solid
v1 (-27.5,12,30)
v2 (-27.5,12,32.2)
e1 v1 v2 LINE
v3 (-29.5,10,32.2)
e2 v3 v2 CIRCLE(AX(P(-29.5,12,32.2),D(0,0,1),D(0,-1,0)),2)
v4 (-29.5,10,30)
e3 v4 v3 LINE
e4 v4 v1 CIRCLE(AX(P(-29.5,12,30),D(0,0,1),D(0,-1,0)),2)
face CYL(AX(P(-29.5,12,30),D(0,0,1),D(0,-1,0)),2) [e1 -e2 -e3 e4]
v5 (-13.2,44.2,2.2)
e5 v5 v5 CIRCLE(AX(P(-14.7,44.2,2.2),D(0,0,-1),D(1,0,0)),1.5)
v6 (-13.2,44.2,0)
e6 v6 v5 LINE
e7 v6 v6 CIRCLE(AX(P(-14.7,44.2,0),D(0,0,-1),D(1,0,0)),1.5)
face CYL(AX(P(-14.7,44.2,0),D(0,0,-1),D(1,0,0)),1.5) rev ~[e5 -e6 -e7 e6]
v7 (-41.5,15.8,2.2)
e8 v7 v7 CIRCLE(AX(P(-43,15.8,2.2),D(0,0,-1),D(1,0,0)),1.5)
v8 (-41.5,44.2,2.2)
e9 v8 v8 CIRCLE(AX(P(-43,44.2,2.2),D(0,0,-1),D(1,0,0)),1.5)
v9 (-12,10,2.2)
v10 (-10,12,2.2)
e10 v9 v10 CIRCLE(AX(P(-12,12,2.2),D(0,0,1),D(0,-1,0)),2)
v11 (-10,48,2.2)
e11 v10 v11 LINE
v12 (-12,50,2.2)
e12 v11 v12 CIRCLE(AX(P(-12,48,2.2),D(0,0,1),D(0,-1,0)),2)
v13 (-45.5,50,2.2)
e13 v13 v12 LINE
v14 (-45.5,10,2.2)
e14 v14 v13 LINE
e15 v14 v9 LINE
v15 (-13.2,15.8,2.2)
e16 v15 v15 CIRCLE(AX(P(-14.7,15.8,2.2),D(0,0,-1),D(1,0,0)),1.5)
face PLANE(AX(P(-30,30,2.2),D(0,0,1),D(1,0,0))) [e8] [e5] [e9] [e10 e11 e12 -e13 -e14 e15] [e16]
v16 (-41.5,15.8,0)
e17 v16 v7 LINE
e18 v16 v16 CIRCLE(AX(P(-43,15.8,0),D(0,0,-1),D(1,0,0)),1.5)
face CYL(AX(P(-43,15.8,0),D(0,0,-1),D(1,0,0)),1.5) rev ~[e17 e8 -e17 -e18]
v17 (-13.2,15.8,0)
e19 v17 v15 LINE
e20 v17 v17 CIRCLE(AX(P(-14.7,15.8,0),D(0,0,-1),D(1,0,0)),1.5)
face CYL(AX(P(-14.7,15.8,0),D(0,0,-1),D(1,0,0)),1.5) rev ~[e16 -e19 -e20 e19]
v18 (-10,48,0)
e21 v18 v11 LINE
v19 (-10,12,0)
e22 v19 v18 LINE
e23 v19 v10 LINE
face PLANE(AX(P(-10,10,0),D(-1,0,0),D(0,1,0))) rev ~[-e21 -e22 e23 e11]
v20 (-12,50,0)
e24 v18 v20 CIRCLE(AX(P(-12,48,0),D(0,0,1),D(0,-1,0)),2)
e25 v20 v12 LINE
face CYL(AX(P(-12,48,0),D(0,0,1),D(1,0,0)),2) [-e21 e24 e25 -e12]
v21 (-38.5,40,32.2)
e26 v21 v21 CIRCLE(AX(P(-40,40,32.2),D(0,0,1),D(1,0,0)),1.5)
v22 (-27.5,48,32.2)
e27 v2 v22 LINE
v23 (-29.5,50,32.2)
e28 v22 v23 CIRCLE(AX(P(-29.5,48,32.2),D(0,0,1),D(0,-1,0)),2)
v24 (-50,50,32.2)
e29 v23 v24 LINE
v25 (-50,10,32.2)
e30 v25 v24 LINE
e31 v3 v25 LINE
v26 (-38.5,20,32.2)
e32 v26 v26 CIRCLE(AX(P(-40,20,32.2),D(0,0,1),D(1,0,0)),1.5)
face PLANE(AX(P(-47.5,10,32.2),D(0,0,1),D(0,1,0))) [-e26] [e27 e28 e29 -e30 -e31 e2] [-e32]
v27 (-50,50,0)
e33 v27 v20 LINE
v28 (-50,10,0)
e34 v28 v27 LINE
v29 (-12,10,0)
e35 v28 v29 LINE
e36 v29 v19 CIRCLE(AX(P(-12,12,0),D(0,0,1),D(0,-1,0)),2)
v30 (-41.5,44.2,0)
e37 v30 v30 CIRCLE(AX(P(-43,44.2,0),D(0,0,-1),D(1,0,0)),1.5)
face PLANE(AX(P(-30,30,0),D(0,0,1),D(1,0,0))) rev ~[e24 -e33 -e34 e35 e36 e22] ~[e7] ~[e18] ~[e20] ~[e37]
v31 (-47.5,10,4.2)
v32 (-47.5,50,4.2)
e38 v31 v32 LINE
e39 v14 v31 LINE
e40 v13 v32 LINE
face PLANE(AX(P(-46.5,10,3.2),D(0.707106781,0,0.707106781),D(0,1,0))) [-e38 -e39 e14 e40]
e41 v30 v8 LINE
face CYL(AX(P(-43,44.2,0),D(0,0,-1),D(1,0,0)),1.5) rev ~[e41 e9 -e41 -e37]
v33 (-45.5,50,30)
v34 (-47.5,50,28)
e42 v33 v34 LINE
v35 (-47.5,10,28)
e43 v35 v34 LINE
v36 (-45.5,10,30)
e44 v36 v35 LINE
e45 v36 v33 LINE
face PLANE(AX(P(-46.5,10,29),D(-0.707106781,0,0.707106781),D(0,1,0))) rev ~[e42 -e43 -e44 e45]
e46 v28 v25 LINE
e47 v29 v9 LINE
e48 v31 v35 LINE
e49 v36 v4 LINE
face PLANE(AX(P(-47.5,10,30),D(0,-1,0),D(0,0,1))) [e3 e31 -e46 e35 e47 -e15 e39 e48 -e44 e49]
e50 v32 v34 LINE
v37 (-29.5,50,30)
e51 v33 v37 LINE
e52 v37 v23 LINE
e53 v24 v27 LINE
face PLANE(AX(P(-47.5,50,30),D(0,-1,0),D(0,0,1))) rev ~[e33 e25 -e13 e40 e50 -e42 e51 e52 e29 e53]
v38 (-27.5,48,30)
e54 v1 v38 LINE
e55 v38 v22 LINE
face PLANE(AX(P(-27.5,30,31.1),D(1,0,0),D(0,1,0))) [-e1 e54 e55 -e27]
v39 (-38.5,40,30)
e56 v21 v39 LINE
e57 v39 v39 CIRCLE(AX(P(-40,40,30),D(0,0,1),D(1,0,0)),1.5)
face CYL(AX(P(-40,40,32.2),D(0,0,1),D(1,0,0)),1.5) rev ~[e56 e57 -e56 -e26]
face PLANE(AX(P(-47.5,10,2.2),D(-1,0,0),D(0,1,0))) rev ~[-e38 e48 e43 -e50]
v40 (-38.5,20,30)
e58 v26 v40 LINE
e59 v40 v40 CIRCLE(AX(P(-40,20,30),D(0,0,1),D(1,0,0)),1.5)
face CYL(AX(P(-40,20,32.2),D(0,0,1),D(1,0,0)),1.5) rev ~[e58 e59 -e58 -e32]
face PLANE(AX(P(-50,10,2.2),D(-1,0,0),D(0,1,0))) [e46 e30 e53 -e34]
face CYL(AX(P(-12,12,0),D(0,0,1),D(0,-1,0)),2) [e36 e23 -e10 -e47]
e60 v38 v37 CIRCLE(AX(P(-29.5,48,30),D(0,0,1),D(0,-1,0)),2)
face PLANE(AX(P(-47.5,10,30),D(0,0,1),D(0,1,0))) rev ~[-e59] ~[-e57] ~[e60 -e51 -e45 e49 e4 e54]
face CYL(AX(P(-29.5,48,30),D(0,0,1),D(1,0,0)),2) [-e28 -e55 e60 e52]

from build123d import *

# Parameters (mm, degrees)
SKETCH003_W     = 40
SKETCH003_H     = 40
PAD002_DEPTH    = 2.2
SKETCH004_W     = 2.5
SKETCH004_H     = 40
PAD003_DEPTH    = 30
SKETCH005_W     = 40
SKETCH005_H     = 2.2
PAD004_DEPTH    = 20
SKETCH006_R     = 1.5
POCKET001_DEPTH = 5
CHAMFER001_SIZE = 2
FILLET001_R     = 2
SKETCH007_R     = 1.5
POCKET002_DEPTH = 5


with BuildPart() as part:
    # Sketch003 → Pad002 (new body)
    with BuildSketch(Plane.XY):
        with Locations((-30, 30)):
            Rectangle(SKETCH003_W, SKETCH003_H)
    extrude(amount=PAD002_DEPTH)

    # Sketch004 (on Face6 of Pad002) → Pad003 (join)
    with BuildSketch(Plane.XY.offset(2.2)):
        with Locations((-48.75, 30)):
            Rectangle(SKETCH004_W, SKETCH004_H)
    extrude(amount=PAD003_DEPTH)

    # Sketch005 (on Face4 of Pad003) → Pad004 (join)
    with BuildSketch(Plane.YZ.offset(-47.5)):
        with Locations((30, 31.1)):
            Rectangle(SKETCH005_W, SKETCH005_H)
    extrude(amount=PAD004_DEPTH)

    # Sketch006 (on Face10 of Pad004) → Pocket001 (cut)
    with BuildSketch(Plane.XY.offset(32.2)):
        with Locations((-40, 40)):
            Circle(SKETCH006_R)
        with Locations((-40, 20)):
            Circle(SKETCH006_R)
    extrude(amount=-POCKET001_DEPTH, mode=Mode.SUBTRACT)

    # Chamfer001
    chamfer001_edges = [part.edges().sort_by_distance(p)[0] for p in [
        (-47.5, 30, 2.2),
        (-47.5, 30, 30),
    ]]
    chamfer(chamfer001_edges, length=CHAMFER001_SIZE)

    # Fillet001
    fillet001_edges = [part.edges().sort_by_distance(p)[0] for p in [
        (-27.5, 10, 31.1),
        (-10, 10, 1.1),
        (-27.5, 50, 31.1),
        (-10, 50, 1.1),
    ]]
    fillet(fillet001_edges, radius=FILLET001_R)

    # Sketch007 (on Face5 of Fillet001) → Pocket002 (cut)
    with BuildSketch(Plane(origin=(0, 0, 0), x_dir=(1, 0, 0), z_dir=(0, 0, -1))):
        with Locations((-43, -15.8)):
            Circle(SKETCH007_R)
        with Locations((-14.7, -15.8)):
            Circle(SKETCH007_R)
        with Locations((-43, -44.2)):
            Circle(SKETCH007_R)
        with Locations((-14.7, -44.2)):
            Circle(SKETCH007_R)
    extrude(amount=-POCKET002_DEPTH, mode=Mode.SUBTRACT)


solid = part.part
